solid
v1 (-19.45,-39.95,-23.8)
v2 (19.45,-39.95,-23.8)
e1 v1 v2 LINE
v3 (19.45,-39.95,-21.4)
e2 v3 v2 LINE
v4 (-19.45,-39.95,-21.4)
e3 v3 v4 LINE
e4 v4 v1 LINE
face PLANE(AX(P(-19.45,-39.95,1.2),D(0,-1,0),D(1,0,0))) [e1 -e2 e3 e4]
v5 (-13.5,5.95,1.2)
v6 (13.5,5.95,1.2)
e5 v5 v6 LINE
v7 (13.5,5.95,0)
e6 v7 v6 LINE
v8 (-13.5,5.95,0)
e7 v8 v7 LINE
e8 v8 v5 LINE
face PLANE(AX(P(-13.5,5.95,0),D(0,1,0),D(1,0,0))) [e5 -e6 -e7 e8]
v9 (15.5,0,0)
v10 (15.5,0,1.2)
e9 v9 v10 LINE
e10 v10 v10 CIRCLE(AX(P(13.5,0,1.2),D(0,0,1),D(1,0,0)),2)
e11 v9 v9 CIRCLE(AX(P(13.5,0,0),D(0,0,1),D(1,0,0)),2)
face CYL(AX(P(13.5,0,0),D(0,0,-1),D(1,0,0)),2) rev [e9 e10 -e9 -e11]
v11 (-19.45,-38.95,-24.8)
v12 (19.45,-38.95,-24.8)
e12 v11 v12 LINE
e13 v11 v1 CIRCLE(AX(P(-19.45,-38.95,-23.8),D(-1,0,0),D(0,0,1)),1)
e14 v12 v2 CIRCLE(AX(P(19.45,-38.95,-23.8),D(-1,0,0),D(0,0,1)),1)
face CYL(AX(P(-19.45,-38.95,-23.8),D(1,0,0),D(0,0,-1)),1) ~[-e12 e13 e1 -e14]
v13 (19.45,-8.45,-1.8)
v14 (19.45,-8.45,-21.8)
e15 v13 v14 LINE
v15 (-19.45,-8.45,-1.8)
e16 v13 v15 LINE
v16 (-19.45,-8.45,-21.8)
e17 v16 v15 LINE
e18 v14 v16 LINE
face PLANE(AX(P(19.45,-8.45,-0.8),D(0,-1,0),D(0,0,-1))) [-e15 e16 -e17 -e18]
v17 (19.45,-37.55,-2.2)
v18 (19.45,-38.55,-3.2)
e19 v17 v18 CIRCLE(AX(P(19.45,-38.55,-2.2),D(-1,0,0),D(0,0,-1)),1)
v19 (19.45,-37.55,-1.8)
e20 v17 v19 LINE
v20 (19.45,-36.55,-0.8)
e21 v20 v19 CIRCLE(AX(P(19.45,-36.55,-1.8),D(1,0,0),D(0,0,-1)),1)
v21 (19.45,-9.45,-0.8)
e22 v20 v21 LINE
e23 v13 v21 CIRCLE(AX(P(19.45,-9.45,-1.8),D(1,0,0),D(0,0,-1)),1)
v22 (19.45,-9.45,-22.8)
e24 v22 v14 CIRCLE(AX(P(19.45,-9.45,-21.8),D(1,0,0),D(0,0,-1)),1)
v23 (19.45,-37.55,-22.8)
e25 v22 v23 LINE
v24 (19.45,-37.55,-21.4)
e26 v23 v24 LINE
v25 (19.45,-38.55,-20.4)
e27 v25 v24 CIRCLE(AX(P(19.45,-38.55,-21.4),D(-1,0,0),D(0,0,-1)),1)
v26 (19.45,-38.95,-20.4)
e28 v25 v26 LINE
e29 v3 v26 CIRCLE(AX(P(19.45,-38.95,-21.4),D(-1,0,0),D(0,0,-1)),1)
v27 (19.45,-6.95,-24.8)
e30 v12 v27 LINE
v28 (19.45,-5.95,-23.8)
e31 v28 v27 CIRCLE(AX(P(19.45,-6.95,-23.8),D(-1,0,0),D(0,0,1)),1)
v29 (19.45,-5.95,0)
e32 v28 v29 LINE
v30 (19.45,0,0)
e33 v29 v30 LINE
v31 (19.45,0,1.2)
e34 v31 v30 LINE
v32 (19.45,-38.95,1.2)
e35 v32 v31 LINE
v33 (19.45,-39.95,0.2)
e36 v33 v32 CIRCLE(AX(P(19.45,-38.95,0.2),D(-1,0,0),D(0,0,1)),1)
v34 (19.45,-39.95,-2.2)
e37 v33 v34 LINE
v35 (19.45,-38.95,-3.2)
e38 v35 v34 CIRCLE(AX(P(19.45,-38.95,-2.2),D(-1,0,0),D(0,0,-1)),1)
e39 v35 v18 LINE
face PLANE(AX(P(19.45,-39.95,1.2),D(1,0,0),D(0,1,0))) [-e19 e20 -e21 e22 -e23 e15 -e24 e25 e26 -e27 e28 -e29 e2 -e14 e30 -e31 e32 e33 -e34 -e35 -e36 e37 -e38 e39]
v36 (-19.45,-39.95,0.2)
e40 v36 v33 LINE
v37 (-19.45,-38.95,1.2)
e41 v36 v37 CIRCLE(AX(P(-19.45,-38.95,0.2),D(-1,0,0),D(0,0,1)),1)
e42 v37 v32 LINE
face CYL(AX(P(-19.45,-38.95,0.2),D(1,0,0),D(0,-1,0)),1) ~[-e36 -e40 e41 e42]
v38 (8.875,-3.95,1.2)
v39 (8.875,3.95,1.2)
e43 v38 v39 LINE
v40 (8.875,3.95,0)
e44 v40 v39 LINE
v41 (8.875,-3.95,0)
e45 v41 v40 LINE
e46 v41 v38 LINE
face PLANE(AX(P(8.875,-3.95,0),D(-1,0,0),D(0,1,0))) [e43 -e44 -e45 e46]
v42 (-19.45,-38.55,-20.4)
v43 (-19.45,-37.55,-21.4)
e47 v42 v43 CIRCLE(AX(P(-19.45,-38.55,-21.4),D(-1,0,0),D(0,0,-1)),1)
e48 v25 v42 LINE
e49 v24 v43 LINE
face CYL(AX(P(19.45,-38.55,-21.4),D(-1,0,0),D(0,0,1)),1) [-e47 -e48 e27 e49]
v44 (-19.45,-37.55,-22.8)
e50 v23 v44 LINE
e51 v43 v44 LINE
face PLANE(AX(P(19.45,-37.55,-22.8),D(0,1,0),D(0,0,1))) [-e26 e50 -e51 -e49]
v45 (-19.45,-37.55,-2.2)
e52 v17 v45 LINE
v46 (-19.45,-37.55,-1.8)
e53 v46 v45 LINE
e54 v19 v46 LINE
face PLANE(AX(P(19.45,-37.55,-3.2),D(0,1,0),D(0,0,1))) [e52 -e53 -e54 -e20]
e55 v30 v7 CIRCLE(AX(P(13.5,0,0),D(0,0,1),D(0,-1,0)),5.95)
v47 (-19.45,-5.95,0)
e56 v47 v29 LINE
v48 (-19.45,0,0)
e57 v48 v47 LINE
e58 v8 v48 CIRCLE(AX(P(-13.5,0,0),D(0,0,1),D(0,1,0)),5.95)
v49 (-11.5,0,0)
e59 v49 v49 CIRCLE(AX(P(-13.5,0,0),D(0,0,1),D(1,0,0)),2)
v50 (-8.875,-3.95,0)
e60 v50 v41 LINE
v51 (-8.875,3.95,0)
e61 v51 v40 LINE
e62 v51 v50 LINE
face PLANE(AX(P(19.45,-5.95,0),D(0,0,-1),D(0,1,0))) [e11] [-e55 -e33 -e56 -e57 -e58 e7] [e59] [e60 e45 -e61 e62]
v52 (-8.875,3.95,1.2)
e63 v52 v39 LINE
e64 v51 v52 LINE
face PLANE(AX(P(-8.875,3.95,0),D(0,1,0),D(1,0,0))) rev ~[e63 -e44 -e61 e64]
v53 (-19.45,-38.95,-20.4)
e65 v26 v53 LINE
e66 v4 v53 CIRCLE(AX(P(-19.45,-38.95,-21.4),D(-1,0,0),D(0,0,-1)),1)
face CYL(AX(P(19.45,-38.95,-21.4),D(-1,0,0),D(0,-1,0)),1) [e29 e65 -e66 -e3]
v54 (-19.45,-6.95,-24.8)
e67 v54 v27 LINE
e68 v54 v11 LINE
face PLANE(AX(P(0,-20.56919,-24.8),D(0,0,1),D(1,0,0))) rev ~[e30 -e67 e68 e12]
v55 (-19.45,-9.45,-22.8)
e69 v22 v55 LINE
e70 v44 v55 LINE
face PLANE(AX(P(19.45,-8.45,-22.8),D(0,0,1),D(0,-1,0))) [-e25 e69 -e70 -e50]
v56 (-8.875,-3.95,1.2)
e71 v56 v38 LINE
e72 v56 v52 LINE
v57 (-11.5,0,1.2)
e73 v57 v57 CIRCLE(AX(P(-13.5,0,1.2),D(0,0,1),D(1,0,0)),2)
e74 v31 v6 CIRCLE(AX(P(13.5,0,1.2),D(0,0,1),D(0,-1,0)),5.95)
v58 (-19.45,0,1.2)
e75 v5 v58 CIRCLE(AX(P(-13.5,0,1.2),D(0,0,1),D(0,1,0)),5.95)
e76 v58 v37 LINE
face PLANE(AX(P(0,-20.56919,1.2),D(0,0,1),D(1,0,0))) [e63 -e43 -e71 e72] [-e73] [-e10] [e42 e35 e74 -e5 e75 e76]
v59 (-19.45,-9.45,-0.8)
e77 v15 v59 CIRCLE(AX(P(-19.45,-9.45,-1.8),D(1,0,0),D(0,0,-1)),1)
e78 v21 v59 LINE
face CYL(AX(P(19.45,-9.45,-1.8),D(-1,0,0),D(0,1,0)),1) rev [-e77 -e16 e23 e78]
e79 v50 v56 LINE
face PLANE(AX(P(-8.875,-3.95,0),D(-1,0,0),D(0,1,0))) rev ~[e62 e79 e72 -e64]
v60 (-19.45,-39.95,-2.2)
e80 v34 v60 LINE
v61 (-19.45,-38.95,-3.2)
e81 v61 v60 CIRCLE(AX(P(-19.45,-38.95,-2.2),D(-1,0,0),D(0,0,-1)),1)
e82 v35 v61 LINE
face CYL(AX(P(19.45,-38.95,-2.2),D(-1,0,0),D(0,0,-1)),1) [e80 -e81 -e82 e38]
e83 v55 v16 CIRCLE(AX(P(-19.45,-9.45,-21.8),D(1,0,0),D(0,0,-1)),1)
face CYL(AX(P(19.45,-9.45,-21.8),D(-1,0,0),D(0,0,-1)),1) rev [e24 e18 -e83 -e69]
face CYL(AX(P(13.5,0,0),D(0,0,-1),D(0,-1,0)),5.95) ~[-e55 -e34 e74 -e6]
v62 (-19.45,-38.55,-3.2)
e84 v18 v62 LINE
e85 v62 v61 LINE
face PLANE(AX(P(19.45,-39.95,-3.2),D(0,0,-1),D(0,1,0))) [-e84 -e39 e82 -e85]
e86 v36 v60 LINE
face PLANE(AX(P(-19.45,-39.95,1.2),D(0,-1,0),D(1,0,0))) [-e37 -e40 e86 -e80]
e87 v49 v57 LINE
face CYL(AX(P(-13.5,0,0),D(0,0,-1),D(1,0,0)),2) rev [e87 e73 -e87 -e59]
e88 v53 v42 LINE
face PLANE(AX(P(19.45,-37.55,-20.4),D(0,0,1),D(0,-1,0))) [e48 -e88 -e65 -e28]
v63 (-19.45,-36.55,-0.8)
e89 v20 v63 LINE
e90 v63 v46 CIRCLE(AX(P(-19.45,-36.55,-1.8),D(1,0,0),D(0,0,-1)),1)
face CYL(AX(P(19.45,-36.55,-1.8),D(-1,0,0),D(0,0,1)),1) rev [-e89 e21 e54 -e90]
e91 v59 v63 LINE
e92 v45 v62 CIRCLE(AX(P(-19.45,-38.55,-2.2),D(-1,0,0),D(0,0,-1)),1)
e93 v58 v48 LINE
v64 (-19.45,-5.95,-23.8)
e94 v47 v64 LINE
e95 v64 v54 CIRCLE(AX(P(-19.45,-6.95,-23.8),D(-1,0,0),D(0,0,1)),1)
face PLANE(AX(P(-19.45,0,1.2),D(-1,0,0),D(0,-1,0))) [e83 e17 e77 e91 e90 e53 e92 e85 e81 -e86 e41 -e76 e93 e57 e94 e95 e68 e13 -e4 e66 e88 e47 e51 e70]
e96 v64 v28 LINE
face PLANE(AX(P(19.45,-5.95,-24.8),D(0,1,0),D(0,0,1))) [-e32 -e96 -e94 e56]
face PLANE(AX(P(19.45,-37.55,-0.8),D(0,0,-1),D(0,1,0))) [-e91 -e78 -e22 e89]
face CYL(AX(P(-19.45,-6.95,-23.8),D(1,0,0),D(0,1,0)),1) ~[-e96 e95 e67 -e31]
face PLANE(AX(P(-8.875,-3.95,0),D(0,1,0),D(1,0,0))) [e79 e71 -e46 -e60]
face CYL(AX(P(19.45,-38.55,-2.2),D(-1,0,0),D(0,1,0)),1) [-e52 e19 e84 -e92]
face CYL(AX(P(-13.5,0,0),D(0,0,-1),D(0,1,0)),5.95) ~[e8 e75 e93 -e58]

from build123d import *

# Parameters (mm, degrees)
SKETCH_R     = 2
SKETCH_W     = 17.75
SKETCH_H     = 7.9
PAD_DEPTH    = 1.2
PAD001_DEPTH = 26
SKETCH002_W  = 5.95
SKETCH002_H  = 24.8
POCKET_DEPTH = 38.901
FILLET_R     = 1


with BuildPart() as part:
    # Sketch → Pad (new body)
    with BuildSketch(Plane.XY):
        with BuildLine():
            ThreePointArc((-13.5, 5.95), (-19.45, 0), (-13.5, -5.95))
            Line((-13.5, -5.95), (13.5, -5.95))
            ThreePointArc((13.5, -5.95), (19.45, 0), (13.5, 5.95))
            Line((-13.5, 5.95), (13.5, 5.95))
        make_face()
        with Locations((-13.5, 0)):
            Circle(SKETCH_R, mode=Mode.SUBTRACT)
        with Locations((13.5, 0)):
            Circle(SKETCH_R, mode=Mode.SUBTRACT)
        Rectangle(SKETCH_W, SKETCH_H, mode=Mode.SUBTRACT)
    extrude(amount=PAD_DEPTH)

    # Sketch001 (on Face12 of Pad) → Pad001 (join)
    with BuildSketch(Plane.XY.offset(1.2)):
        with BuildLine():
            Line((-19.45, 0), (-19.45, -39.95))
            Line((-19.45, -39.95), (19.45, -39.95))
            Line((19.45, -39.95), (19.45, 0))
            ThreePointArc((13.5, -5.95), (17.707285, -4.207285), (19.45, 0))
            Line((-13.5, -5.95), (13.5, -5.95))
            ThreePointArc((-19.45, 0), (-17.707285, -4.207285), (-13.5, -5.95))
        make_face()
    extrude(amount=-PAD001_DEPTH)

    # Sketch002 (on Face17 of Pad001) → Pocket (cut, through all)
    with BuildSketch(Plane.YZ.offset(19.45)):
        with Locations((-2.975, -12.4)):
            Rectangle(SKETCH002_W, SKETCH002_H)
        Polygon((-39.95, -3.2), (-37.55, -3.2), (-37.55, -0.8), (-8.45, -0.8), (-8.45, -22.8), (-37.55, -22.8), (-37.55, -20.4), (-39.95, -20.4), align=None)
    extrude(amount=-POCKET_DEPTH, mode=Mode.SUBTRACT)

    # Fillet
    fillet_edges = [part.edges().sort_by_distance(p)[0] for p in [
        (0, -8.45, -22.8),
        (0, -8.45, -0.8),
        (0, -37.55, -0.8),
        (0, -37.55, -3.2),
        (0, -39.95, -3.2),
        (0, -37.55, -20.4),
        (0, -39.95, -24.8),
        (0, -5.95, -24.8),
        (0, -39.95, -20.4),
        (0, -39.95, 1.2),
    ]]
    fillet(fillet_edges, radius=FILLET_R)


solid = part.part
